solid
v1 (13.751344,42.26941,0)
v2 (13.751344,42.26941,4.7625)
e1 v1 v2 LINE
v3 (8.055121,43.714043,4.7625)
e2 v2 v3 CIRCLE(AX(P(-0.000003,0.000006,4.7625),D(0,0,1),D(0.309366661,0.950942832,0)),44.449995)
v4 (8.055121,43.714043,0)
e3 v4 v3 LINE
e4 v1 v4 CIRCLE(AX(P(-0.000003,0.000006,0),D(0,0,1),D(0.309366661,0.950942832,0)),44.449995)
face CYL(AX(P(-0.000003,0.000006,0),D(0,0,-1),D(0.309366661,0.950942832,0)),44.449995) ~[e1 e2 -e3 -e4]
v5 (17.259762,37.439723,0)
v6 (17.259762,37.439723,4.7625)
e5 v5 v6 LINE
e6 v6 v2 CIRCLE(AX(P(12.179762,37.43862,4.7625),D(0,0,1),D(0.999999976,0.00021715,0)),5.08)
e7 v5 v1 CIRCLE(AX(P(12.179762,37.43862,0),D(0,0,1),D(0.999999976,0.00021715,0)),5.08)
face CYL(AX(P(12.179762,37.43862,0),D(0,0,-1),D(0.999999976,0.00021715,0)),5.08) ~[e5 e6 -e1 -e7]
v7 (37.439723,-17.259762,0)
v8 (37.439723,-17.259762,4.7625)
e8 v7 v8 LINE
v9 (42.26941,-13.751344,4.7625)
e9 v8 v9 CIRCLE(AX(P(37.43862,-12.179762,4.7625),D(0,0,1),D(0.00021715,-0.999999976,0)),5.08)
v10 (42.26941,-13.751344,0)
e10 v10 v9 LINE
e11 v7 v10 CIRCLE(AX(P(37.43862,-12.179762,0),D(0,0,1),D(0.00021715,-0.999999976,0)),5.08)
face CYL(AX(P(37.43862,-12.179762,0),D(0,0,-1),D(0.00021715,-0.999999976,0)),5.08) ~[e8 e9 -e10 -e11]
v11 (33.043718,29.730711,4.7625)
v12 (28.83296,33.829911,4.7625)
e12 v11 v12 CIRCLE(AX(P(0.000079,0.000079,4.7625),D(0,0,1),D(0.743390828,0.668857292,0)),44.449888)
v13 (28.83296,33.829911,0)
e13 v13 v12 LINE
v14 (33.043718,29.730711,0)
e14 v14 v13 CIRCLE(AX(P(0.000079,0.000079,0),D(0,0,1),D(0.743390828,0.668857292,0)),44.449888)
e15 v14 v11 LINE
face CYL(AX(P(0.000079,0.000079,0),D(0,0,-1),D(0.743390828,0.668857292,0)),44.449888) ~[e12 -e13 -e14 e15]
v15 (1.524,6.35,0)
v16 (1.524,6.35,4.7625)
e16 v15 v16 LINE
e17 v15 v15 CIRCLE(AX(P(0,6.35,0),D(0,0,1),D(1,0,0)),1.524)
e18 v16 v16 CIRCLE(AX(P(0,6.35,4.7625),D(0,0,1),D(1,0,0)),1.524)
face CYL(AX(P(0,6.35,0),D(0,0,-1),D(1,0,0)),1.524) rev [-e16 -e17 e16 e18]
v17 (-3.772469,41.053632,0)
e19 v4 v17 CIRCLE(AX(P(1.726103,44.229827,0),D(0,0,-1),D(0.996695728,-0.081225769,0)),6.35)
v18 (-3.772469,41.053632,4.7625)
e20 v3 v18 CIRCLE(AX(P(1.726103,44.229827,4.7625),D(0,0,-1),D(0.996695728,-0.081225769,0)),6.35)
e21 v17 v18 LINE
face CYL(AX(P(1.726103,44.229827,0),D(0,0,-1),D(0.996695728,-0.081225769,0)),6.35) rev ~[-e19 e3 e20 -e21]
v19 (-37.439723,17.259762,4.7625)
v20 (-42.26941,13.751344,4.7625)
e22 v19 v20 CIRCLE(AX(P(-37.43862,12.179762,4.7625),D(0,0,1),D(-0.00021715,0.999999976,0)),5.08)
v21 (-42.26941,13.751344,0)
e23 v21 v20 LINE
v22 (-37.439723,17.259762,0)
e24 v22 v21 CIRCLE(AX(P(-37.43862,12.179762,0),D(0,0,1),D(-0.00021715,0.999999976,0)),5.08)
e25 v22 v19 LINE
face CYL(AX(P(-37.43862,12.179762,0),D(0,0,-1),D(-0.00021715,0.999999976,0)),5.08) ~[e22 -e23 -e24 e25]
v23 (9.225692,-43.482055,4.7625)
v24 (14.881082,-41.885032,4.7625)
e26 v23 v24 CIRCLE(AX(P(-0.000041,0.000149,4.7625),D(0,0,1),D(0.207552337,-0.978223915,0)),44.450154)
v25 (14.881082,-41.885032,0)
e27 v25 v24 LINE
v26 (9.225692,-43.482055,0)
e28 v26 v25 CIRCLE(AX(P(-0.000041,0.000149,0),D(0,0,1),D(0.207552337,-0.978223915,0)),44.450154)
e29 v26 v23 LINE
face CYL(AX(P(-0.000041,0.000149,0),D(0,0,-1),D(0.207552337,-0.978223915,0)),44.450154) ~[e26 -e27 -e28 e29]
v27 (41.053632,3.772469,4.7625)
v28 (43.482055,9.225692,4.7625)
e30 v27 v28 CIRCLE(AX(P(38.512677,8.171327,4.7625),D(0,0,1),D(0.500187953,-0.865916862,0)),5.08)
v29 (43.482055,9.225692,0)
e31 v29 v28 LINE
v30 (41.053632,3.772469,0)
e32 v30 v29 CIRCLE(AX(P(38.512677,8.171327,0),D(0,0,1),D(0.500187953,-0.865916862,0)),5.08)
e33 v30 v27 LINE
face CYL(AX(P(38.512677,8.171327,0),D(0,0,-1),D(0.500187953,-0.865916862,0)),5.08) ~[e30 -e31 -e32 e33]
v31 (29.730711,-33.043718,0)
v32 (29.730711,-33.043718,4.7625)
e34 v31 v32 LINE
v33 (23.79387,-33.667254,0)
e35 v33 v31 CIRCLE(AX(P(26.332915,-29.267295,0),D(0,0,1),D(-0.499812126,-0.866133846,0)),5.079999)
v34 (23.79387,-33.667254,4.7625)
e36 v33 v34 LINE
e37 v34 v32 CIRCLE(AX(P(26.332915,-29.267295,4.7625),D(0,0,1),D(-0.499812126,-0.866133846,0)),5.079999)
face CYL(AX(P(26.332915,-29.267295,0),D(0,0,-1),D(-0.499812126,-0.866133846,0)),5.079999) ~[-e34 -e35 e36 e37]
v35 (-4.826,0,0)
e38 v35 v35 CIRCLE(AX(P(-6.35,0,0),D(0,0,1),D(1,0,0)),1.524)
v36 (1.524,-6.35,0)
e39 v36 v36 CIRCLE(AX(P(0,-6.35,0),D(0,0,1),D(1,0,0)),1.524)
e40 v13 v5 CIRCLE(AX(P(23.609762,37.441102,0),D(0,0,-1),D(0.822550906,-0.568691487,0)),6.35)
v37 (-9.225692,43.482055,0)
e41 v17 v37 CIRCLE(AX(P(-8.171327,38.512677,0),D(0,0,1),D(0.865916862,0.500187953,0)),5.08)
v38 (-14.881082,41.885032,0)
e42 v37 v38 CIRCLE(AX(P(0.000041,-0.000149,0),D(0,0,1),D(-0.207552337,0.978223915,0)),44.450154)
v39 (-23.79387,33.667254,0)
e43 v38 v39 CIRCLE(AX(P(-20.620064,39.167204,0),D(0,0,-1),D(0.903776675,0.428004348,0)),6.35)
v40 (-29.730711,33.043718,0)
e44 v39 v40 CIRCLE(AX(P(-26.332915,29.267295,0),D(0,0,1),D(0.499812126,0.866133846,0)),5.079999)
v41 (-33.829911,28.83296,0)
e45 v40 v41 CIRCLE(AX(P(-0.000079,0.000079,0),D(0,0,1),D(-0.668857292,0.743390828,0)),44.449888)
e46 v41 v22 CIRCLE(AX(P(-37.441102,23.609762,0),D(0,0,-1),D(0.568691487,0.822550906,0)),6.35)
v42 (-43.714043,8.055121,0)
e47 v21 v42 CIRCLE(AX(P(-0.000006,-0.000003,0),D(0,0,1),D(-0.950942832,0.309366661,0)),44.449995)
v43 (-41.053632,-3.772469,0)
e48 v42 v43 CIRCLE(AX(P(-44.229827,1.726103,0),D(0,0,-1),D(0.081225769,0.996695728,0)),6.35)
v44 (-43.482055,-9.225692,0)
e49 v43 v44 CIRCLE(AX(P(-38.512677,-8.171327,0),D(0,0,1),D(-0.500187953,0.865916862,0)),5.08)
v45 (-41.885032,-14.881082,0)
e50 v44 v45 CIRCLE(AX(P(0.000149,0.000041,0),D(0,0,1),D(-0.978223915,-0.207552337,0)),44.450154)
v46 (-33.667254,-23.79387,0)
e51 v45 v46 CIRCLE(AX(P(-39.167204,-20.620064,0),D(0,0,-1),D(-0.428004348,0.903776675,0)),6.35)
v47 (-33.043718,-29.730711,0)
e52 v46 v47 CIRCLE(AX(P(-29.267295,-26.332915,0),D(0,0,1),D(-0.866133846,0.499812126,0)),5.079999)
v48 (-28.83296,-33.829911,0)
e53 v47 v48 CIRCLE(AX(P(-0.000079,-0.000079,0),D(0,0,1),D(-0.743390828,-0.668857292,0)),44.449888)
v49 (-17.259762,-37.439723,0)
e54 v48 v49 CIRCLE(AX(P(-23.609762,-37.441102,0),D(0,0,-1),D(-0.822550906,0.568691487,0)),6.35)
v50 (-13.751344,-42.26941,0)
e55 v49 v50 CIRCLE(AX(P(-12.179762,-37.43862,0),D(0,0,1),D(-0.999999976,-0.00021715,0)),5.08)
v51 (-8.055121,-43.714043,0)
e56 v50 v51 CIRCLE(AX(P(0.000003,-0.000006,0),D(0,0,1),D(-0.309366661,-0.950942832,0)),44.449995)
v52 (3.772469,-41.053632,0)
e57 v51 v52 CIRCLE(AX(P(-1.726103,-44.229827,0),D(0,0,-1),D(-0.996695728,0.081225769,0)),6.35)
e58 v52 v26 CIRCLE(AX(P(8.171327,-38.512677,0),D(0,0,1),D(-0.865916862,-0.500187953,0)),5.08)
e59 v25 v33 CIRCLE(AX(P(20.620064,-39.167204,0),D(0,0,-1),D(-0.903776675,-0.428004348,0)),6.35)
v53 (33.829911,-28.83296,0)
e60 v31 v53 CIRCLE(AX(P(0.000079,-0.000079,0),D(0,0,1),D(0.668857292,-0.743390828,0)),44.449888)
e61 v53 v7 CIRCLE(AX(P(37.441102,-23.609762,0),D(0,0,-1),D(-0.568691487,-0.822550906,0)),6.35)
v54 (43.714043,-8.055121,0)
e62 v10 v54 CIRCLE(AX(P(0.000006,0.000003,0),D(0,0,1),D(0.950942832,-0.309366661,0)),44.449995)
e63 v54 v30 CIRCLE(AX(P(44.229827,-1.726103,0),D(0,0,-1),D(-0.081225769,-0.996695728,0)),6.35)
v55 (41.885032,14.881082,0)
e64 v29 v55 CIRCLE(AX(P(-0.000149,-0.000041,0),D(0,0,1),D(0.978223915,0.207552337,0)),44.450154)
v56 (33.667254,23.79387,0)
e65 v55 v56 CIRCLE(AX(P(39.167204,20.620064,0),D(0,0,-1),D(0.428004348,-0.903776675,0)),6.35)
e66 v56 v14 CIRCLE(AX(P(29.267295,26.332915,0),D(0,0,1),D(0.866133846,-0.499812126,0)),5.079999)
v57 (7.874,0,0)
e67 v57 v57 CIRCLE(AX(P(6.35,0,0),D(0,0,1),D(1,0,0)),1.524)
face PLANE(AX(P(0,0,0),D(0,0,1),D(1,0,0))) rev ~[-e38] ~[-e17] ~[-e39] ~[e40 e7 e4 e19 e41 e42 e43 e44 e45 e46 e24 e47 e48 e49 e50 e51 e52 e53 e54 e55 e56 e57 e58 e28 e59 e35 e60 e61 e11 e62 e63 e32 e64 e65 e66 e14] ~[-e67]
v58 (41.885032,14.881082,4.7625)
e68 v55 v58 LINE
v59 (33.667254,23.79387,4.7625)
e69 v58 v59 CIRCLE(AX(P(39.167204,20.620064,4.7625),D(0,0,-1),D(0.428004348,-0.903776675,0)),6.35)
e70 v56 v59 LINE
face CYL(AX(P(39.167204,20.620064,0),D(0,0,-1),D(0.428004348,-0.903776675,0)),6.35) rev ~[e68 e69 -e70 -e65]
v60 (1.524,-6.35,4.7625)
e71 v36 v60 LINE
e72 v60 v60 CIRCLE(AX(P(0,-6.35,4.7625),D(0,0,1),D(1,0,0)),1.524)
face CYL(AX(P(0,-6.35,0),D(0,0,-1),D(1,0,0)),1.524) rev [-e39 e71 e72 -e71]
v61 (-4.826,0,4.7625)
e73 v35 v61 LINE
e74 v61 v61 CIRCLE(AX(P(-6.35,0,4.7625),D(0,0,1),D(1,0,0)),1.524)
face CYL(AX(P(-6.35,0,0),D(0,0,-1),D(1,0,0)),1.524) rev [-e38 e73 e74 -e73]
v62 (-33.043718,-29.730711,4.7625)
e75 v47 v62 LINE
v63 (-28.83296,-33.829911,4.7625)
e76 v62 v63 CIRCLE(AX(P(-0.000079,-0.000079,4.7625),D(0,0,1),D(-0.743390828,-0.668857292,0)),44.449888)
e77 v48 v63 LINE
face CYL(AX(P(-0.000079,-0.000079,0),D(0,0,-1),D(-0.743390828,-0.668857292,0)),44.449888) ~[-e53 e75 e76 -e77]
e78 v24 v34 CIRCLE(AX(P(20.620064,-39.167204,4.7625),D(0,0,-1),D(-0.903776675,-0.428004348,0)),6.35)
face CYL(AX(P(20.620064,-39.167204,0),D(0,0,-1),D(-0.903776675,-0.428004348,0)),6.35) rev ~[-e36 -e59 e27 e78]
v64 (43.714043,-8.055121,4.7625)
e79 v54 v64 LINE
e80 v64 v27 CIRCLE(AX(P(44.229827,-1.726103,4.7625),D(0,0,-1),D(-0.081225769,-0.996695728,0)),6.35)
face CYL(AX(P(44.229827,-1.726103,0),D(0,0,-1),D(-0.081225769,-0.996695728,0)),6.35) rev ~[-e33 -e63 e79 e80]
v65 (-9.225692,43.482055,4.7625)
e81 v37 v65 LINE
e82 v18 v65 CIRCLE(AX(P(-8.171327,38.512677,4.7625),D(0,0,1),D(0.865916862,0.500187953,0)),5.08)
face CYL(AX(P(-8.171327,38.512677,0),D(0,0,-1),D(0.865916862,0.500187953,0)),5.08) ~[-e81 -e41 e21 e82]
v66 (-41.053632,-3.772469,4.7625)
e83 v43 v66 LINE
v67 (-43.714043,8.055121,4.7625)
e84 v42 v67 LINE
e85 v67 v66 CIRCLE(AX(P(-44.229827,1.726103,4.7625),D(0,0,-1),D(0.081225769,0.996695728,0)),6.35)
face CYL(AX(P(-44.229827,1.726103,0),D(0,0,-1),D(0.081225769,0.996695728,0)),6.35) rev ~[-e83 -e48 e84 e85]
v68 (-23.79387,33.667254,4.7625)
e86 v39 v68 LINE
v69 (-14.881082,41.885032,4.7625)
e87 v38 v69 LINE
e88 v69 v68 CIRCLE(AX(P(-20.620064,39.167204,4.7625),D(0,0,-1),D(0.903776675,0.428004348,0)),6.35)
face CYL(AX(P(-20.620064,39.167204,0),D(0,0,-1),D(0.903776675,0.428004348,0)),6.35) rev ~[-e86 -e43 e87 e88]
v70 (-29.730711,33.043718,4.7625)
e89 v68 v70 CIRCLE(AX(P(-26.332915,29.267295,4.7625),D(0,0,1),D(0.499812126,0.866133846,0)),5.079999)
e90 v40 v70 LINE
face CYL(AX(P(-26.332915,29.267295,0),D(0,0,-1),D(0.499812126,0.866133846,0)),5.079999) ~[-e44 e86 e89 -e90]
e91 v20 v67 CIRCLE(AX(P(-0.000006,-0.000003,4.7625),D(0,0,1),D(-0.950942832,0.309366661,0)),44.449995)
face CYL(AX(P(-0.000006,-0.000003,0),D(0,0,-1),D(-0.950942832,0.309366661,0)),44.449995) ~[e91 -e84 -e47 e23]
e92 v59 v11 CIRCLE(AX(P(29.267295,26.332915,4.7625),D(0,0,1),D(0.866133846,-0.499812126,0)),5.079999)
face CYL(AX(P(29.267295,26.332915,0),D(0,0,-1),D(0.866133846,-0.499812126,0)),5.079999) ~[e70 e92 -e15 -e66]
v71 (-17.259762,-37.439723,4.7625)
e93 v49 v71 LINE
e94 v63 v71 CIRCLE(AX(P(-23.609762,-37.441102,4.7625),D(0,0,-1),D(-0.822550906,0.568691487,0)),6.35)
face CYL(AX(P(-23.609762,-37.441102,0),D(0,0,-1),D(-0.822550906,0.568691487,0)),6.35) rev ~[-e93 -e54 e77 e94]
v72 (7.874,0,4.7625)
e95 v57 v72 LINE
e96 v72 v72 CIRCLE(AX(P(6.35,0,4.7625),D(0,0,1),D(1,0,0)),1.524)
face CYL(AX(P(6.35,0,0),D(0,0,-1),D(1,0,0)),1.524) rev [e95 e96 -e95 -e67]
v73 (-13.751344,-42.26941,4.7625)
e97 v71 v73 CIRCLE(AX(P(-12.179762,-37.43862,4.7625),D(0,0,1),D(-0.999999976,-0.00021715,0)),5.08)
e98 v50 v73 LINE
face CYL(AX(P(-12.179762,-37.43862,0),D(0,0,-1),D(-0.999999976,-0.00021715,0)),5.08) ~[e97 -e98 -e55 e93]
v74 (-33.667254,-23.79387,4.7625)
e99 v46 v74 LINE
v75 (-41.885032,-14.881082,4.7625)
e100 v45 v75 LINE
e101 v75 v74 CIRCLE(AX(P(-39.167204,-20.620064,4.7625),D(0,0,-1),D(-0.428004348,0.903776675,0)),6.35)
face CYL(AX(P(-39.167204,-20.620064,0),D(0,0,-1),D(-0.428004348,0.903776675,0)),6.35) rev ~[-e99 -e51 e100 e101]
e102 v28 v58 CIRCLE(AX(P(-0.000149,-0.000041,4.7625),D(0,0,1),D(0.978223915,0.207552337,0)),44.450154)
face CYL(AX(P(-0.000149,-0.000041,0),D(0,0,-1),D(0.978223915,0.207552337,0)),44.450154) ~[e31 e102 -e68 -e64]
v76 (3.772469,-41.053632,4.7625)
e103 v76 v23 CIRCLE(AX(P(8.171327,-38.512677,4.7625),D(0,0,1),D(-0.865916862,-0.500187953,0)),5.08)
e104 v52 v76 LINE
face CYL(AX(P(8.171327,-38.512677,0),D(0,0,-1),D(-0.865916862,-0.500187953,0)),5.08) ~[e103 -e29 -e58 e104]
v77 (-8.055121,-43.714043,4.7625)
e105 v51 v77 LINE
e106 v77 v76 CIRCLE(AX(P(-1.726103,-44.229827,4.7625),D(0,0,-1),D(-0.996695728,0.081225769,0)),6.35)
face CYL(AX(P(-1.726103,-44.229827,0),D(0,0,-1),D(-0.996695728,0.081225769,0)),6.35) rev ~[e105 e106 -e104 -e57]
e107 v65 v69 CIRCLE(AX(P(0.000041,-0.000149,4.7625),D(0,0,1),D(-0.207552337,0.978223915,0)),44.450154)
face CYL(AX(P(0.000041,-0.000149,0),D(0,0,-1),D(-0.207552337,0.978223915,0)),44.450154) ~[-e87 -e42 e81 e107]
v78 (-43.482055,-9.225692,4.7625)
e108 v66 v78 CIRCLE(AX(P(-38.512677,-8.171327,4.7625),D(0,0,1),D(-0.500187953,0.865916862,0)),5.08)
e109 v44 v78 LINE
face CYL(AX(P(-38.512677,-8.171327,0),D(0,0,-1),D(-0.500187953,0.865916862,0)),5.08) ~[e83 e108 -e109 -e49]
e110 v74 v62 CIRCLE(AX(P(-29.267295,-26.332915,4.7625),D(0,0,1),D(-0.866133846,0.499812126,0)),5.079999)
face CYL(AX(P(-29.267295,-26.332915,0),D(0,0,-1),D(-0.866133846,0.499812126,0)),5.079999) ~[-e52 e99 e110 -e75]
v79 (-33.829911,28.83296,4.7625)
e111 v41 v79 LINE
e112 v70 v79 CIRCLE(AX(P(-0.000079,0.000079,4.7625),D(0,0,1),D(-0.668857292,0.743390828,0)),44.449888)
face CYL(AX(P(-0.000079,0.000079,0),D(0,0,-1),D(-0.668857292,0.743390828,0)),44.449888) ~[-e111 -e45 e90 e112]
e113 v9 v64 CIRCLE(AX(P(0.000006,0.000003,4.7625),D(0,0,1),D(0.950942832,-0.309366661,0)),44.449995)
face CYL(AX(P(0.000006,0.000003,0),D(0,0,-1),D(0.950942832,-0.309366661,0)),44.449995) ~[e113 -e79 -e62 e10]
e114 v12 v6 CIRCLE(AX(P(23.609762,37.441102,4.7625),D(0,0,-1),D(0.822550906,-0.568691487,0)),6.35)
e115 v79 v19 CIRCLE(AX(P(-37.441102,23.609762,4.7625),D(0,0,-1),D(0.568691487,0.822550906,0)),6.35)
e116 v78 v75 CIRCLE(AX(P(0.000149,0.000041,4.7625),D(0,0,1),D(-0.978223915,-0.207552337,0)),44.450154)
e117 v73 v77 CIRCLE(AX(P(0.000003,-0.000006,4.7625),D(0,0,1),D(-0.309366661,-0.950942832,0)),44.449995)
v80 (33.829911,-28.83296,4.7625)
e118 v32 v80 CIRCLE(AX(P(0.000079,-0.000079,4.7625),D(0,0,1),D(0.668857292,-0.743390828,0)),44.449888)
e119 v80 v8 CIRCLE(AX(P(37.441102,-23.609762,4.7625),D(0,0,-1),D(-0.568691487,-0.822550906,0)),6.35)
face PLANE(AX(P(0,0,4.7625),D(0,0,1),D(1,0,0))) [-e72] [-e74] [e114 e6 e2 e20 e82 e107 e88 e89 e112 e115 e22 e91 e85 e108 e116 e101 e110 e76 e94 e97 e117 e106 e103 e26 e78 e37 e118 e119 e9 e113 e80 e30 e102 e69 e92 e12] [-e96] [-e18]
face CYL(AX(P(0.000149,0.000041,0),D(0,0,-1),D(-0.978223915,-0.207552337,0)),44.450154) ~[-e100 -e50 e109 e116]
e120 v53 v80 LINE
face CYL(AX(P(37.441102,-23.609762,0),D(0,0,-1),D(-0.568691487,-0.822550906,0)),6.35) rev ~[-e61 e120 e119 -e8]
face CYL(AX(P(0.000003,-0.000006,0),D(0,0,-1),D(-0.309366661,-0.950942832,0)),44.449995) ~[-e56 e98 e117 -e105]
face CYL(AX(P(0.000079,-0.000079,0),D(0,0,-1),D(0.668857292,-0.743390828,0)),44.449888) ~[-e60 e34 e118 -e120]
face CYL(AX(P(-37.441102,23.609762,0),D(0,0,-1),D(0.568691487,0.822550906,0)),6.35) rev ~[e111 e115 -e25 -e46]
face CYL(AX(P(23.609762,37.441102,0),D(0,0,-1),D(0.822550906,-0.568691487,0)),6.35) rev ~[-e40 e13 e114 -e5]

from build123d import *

# Parameters (mm, degrees)
F0_R     = 1.524
F1_DEPTH = 4.7625


with BuildPart() as f1:
    # F0 (on Top) → F1 (new body)
    with BuildSketch(Plane.XY):
        with BuildLine():
            ThreePointArc((-3.772469, 41.053632), (-6.104756, 43.153333), (-9.225692, 43.482055))
            ThreePointArc((-9.225692, 43.482055), (-12.079808, 42.777105), (-14.881082, 41.885032))
            ThreePointArc((-14.881082, 41.885032), (-16.315648, 34.498746), (-23.79387, 33.667254))
            ThreePointArc((-23.79387, 33.667254), (-26.86354, 34.319505), (-29.730711, 33.043718))
            ThreePointArc((-29.730711, 33.043718), (-31.849973, 31.006156), (-33.829911, 28.83296))
            ThreePointArc((-33.829911, 28.83296), (-31.379139, 21.718967), (-37.439723, 17.259762))
            ThreePointArc((-37.439723, 17.259762), (-40.42426, 16.289793), (-42.26941, 13.751344))
            ThreePointArc((-42.26941, 13.751344), (-43.085964, 10.927132), (-43.714043, 8.055121))
            ThreePointArc((-43.714043, 8.055121), (-38.034615, 3.119608), (-41.053632, -3.772469))
            ThreePointArc((-41.053632, -3.772469), (-43.153333, -6.104756), (-43.482055, -9.225692))
            ThreePointArc((-43.482055, -9.225692), (-42.777105, -12.079808), (-41.885032, -14.881082))
            ThreePointArc((-41.885032, -14.881082), (-34.498746, -16.315648), (-33.667254, -23.79387))
            ThreePointArc((-33.667254, -23.79387), (-34.319505, -26.86354), (-33.043718, -29.730711))
            ThreePointArc((-33.043718, -29.730711), (-31.006156, -31.849973), (-28.83296, -33.829911))
            ThreePointArc((-28.83296, -33.829911), (-21.718967, -31.379139), (-17.259762, -37.439723))
            ThreePointArc((-17.259762, -37.439723), (-16.289793, -40.42426), (-13.751344, -42.26941))
            ThreePointArc((-13.751344, -42.26941), (-10.927132, -43.085964), (-8.055121, -43.714043))
            ThreePointArc((-8.055121, -43.714043), (-3.119608, -38.034615), (3.772469, -41.053632))
            ThreePointArc((3.772469, -41.053632), (6.104756, -43.153333), (9.225692, -43.482055))
            ThreePointArc((9.225692, -43.482055), (12.079808, -42.777105), (14.881082, -41.885032))
            ThreePointArc((14.881082, -41.885032), (16.315648, -34.498746), (23.79387, -33.667254))
            ThreePointArc((23.79387, -33.667254), (26.86354, -34.319505), (29.730711, -33.043718))
            ThreePointArc((29.730711, -33.043718), (31.849973, -31.006156), (33.829911, -28.83296))
            ThreePointArc((33.829911, -28.83296), (31.379139, -21.718967), (37.439723, -17.259762))
            ThreePointArc((37.439723, -17.259762), (40.42426, -16.289793), (42.26941, -13.751344))
            ThreePointArc((42.26941, -13.751344), (43.085964, -10.927132), (43.714043, -8.055121))
            ThreePointArc((43.714043, -8.055121), (38.034615, -3.119608), (41.053632, 3.772469))
            ThreePointArc((41.053632, 3.772469), (43.153333, 6.104756), (43.482055, 9.225692))
            ThreePointArc((43.482055, 9.225692), (42.777105, 12.079808), (41.885032, 14.881082))
            ThreePointArc((41.885032, 14.881082), (34.498746, 16.315648), (33.667254, 23.79387))
            ThreePointArc((33.667254, 23.79387), (34.319505, 26.86354), (33.043718, 29.730711))
            ThreePointArc((33.043718, 29.730711), (31.006156, 31.849973), (28.83296, 33.829911))
            ThreePointArc((28.83296, 33.829911), (21.718967, 31.379139), (17.259762, 37.439723))
            ThreePointArc((17.259762, 37.439723), (16.289793, 40.42426), (13.751344, 42.26941))
            ThreePointArc((13.751344, 42.26941), (10.927132, 43.085964), (8.055121, 43.714043))
            ThreePointArc((8.055121, 43.714043), (3.119608, 38.034615), (-3.772469, 41.053632))
        make_face()
        with Locations((0, -6.35)):
            Circle(F0_R, mode=Mode.SUBTRACT)
        with Locations((-6.35, 0)):
            Circle(F0_R, mode=Mode.SUBTRACT)
        with Locations((6.35, 0)):
            Circle(F0_R, mode=Mode.SUBTRACT)
        with Locations((0, 6.35)):
            Circle(F0_R, mode=Mode.SUBTRACT)
    extrude(amount=F1_DEPTH)


solid = f1.part
